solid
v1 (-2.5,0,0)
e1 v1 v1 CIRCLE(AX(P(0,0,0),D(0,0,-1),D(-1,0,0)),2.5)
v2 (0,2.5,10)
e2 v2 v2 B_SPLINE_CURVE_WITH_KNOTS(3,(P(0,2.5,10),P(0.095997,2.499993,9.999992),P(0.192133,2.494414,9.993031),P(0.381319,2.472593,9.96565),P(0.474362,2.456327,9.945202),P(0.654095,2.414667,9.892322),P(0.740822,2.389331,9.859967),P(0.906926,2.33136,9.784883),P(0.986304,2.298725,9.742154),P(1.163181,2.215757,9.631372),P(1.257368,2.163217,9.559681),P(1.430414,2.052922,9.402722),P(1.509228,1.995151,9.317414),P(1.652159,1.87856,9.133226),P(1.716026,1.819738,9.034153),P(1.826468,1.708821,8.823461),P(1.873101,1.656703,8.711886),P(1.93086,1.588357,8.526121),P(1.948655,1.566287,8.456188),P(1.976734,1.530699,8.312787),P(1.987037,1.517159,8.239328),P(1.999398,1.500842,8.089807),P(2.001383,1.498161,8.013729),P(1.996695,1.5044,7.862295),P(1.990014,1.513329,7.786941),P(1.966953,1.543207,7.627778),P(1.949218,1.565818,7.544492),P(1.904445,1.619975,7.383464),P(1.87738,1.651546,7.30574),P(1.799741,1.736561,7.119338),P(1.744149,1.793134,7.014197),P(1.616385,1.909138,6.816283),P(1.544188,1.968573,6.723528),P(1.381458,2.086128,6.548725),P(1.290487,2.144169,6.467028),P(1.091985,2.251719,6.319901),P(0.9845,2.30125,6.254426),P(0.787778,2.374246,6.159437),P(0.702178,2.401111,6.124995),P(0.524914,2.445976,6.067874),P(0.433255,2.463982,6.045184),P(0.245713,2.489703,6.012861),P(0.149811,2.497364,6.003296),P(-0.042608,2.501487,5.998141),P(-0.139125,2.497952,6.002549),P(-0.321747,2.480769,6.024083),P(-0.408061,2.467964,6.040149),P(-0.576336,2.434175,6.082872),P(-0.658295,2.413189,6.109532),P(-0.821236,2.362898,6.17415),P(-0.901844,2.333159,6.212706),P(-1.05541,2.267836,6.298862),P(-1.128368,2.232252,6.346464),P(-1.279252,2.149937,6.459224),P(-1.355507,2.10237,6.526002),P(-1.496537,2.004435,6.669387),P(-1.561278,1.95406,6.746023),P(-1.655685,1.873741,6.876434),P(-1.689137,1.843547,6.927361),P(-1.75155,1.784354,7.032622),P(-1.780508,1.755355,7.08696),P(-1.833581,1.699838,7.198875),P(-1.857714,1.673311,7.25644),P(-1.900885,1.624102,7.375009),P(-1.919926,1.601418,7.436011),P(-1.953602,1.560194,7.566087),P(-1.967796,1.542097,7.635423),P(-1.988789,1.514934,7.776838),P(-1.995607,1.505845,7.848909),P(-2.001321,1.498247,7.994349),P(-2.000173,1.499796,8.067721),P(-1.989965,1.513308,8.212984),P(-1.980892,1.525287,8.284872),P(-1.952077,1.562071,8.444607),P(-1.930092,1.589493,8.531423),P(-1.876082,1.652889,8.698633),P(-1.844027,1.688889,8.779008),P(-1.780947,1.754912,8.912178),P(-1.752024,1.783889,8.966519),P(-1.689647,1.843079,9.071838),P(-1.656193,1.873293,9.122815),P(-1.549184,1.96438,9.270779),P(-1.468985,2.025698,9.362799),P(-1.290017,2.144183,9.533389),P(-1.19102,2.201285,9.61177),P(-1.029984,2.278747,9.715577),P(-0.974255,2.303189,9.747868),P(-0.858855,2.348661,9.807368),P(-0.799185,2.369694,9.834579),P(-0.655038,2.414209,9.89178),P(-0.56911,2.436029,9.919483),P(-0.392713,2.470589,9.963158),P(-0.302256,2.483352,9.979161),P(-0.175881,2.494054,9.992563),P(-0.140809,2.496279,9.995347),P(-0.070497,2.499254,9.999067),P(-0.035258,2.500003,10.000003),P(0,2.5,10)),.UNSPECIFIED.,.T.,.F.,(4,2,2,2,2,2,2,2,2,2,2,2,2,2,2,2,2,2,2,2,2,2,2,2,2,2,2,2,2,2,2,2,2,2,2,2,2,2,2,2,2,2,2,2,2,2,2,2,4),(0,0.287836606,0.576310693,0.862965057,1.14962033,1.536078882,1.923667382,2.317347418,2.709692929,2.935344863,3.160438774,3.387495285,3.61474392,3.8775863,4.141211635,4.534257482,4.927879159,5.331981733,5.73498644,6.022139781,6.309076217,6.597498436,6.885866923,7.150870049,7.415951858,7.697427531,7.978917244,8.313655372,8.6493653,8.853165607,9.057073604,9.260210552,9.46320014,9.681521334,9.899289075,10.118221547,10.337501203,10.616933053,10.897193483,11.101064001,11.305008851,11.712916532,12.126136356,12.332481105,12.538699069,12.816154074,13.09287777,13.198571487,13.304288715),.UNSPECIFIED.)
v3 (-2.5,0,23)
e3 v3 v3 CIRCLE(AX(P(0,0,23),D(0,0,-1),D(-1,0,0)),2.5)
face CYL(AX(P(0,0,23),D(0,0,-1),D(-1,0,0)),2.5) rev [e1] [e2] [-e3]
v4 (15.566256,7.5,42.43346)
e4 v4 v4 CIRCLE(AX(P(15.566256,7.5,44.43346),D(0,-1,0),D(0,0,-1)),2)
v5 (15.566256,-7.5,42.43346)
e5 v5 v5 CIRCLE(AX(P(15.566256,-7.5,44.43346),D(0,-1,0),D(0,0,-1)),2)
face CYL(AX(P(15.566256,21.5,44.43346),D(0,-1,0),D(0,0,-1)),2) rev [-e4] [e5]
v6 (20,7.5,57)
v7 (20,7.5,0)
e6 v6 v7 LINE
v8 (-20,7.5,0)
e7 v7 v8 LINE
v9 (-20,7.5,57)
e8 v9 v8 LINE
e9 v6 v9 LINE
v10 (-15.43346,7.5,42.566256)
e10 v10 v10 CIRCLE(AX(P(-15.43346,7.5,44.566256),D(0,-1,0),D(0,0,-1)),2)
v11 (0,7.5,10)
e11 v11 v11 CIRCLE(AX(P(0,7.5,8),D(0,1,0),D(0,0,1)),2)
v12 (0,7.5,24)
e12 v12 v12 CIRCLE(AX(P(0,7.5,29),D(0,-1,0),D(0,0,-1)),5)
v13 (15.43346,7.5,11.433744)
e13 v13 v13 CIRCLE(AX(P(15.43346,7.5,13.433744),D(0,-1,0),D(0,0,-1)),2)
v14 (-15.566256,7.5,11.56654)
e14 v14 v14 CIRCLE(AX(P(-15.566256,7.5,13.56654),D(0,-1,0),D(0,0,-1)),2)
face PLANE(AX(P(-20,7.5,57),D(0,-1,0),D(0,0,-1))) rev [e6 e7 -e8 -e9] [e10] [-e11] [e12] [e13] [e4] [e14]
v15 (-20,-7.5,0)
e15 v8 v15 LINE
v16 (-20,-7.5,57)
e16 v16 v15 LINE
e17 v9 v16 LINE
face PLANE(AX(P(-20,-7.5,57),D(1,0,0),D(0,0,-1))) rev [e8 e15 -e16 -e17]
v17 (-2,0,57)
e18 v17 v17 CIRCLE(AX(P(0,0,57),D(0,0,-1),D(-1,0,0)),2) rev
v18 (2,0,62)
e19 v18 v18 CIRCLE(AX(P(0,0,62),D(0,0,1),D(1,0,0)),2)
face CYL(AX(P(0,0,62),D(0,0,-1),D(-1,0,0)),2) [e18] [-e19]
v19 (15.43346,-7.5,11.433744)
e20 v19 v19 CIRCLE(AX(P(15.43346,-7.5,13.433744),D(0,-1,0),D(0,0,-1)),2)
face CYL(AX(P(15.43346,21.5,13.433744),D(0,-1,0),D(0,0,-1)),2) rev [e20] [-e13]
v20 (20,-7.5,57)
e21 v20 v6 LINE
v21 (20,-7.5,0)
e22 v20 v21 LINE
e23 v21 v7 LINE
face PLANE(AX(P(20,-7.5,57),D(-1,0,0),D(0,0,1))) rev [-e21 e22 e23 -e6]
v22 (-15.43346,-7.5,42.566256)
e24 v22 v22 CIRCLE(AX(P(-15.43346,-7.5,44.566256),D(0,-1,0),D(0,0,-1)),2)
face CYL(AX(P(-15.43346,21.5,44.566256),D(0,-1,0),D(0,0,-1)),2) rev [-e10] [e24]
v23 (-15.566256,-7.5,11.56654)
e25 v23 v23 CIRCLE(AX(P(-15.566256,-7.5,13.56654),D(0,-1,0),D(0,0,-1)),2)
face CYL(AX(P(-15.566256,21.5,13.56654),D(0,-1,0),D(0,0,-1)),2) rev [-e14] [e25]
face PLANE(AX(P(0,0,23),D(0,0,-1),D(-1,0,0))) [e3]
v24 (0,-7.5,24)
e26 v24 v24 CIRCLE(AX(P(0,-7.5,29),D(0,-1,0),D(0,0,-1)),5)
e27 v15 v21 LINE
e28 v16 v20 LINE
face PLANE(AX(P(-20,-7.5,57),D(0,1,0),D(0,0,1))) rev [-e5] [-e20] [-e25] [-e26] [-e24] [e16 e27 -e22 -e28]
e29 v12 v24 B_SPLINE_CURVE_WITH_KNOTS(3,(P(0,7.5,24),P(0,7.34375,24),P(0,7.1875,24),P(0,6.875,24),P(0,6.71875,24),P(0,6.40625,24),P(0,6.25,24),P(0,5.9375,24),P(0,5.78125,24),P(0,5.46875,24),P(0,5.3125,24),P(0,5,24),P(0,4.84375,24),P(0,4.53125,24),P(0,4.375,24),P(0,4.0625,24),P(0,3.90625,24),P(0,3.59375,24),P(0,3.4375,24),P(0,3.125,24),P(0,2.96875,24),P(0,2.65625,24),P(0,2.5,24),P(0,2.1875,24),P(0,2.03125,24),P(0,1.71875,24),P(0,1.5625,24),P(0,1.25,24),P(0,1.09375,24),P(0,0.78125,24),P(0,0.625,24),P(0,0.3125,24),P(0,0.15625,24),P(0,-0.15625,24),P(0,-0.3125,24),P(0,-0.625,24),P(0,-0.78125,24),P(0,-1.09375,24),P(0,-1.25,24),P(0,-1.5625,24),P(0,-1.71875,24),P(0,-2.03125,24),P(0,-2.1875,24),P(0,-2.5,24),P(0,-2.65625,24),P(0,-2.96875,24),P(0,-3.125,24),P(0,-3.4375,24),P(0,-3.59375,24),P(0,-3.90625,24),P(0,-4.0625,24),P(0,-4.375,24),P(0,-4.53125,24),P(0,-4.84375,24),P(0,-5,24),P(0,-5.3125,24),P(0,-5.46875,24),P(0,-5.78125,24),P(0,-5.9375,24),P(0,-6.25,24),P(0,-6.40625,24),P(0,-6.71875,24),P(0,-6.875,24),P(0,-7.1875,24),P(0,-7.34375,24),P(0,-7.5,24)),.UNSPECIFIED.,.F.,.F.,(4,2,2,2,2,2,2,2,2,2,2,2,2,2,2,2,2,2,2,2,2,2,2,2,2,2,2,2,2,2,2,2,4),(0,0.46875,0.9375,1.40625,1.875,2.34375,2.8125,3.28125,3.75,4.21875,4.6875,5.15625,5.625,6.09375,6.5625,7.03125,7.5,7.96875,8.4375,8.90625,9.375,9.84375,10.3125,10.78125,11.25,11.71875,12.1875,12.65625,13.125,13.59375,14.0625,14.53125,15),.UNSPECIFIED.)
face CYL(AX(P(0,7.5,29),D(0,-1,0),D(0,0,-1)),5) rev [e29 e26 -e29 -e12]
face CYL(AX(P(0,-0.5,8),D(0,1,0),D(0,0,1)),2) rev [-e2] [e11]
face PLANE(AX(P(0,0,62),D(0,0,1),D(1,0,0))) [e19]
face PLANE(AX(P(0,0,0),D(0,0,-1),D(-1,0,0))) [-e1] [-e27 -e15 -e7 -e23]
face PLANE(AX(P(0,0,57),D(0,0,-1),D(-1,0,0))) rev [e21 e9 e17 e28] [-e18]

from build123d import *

# Parameters (mm, degrees)
SKETCH1_W           = 40
SKETCH1_H           = 15
BOSS_EXTRUDE1_DEPTH = 57
SKETCH2_R           = 2
BOSS_EXTRUDE2_DEPTH = 5
SKETCH3_R           = 2.5
CUT_EXTRUDE1_DEPTH  = 23
SKETCH5_R           = 2
CUT_EXTRUDE3_DEPTH  = 8
SKETCH7_R           = 5
CUT_EXTRUDE5_DEPTH  = 67.850579676
SKETCH8_R           = 2
CUT_EXTRUDE6_DEPTH  = 29


with BuildPart() as part:
    # Sketch1 → Boss-Extrude1 (new body)
    with BuildSketch(Plane.XY):
        Rectangle(SKETCH1_W, SKETCH1_H)
    extrude(amount=BOSS_EXTRUDE1_DEPTH)

    # Sketch2 → Boss-Extrude2 (add)
    with BuildSketch(Plane.XY.offset(57)):
        with Locations(Location((0, 0, 0), (0, 0, 180))):
            Circle(SKETCH2_R)
    extrude(amount=BOSS_EXTRUDE2_DEPTH)

    # Sketch3 → Cut-Extrude1 (cut)
    with BuildSketch(Plane(origin=(0, 0, 0), x_dir=(-1, 0, 0), z_dir=(0, 0, -1))):
        Circle(SKETCH3_R)
    extrude(amount=-CUT_EXTRUDE1_DEPTH, mode=Mode.SUBTRACT)

    # Sketch5 → Cut-Extrude3 (cut)
    with BuildSketch(Plane(origin=(0, 7.5, 0), x_dir=(1, 0, 0), z_dir=(0, 1, 0))):
        with Locations(Location((0, -8, 0), (0, 0, 270))):
            Circle(SKETCH5_R)
    extrude(amount=-CUT_EXTRUDE3_DEPTH, mode=Mode.SUBTRACT)

    # Sketch7 → Cut-Extrude5 (cut, through all)
    with BuildSketch(Plane(origin=(0, -7.5, 0), x_dir=(-1, 0, 0), z_dir=(0, -1, 0))):
        with Locations(Location((0, -29, 0), (0, 0, 90))):
            Circle(SKETCH7_R)
    extrude(amount=-CUT_EXTRUDE5_DEPTH, mode=Mode.SUBTRACT)

    # Sketch8 → Cut-Extrude6 (cut)
    with BuildSketch(Plane(origin=(0, -7.5, 0), x_dir=(-1, 0, 0), z_dir=(0, -1, 0))):
        with Locations(Location((-15.433459582, -13.433744017, 0), (0, 0, 90))):
            Circle(SKETCH8_R)
        with Locations(Location((-15.566255983, -44.433459582, 0), (0, 0, 90))):
            Circle(SKETCH8_R)
        with Locations(Location((15.433459582, -44.566255983, 0), (0, 0, 90))):
            Circle(SKETCH8_R)
        with Locations(Location((15.566255983, -13.566540418, 0), (0, 0, 90))):
            Circle(SKETCH8_R)
    extrude(amount=-CUT_EXTRUDE6_DEPTH, mode=Mode.SUBTRACT)


solid = part.part
